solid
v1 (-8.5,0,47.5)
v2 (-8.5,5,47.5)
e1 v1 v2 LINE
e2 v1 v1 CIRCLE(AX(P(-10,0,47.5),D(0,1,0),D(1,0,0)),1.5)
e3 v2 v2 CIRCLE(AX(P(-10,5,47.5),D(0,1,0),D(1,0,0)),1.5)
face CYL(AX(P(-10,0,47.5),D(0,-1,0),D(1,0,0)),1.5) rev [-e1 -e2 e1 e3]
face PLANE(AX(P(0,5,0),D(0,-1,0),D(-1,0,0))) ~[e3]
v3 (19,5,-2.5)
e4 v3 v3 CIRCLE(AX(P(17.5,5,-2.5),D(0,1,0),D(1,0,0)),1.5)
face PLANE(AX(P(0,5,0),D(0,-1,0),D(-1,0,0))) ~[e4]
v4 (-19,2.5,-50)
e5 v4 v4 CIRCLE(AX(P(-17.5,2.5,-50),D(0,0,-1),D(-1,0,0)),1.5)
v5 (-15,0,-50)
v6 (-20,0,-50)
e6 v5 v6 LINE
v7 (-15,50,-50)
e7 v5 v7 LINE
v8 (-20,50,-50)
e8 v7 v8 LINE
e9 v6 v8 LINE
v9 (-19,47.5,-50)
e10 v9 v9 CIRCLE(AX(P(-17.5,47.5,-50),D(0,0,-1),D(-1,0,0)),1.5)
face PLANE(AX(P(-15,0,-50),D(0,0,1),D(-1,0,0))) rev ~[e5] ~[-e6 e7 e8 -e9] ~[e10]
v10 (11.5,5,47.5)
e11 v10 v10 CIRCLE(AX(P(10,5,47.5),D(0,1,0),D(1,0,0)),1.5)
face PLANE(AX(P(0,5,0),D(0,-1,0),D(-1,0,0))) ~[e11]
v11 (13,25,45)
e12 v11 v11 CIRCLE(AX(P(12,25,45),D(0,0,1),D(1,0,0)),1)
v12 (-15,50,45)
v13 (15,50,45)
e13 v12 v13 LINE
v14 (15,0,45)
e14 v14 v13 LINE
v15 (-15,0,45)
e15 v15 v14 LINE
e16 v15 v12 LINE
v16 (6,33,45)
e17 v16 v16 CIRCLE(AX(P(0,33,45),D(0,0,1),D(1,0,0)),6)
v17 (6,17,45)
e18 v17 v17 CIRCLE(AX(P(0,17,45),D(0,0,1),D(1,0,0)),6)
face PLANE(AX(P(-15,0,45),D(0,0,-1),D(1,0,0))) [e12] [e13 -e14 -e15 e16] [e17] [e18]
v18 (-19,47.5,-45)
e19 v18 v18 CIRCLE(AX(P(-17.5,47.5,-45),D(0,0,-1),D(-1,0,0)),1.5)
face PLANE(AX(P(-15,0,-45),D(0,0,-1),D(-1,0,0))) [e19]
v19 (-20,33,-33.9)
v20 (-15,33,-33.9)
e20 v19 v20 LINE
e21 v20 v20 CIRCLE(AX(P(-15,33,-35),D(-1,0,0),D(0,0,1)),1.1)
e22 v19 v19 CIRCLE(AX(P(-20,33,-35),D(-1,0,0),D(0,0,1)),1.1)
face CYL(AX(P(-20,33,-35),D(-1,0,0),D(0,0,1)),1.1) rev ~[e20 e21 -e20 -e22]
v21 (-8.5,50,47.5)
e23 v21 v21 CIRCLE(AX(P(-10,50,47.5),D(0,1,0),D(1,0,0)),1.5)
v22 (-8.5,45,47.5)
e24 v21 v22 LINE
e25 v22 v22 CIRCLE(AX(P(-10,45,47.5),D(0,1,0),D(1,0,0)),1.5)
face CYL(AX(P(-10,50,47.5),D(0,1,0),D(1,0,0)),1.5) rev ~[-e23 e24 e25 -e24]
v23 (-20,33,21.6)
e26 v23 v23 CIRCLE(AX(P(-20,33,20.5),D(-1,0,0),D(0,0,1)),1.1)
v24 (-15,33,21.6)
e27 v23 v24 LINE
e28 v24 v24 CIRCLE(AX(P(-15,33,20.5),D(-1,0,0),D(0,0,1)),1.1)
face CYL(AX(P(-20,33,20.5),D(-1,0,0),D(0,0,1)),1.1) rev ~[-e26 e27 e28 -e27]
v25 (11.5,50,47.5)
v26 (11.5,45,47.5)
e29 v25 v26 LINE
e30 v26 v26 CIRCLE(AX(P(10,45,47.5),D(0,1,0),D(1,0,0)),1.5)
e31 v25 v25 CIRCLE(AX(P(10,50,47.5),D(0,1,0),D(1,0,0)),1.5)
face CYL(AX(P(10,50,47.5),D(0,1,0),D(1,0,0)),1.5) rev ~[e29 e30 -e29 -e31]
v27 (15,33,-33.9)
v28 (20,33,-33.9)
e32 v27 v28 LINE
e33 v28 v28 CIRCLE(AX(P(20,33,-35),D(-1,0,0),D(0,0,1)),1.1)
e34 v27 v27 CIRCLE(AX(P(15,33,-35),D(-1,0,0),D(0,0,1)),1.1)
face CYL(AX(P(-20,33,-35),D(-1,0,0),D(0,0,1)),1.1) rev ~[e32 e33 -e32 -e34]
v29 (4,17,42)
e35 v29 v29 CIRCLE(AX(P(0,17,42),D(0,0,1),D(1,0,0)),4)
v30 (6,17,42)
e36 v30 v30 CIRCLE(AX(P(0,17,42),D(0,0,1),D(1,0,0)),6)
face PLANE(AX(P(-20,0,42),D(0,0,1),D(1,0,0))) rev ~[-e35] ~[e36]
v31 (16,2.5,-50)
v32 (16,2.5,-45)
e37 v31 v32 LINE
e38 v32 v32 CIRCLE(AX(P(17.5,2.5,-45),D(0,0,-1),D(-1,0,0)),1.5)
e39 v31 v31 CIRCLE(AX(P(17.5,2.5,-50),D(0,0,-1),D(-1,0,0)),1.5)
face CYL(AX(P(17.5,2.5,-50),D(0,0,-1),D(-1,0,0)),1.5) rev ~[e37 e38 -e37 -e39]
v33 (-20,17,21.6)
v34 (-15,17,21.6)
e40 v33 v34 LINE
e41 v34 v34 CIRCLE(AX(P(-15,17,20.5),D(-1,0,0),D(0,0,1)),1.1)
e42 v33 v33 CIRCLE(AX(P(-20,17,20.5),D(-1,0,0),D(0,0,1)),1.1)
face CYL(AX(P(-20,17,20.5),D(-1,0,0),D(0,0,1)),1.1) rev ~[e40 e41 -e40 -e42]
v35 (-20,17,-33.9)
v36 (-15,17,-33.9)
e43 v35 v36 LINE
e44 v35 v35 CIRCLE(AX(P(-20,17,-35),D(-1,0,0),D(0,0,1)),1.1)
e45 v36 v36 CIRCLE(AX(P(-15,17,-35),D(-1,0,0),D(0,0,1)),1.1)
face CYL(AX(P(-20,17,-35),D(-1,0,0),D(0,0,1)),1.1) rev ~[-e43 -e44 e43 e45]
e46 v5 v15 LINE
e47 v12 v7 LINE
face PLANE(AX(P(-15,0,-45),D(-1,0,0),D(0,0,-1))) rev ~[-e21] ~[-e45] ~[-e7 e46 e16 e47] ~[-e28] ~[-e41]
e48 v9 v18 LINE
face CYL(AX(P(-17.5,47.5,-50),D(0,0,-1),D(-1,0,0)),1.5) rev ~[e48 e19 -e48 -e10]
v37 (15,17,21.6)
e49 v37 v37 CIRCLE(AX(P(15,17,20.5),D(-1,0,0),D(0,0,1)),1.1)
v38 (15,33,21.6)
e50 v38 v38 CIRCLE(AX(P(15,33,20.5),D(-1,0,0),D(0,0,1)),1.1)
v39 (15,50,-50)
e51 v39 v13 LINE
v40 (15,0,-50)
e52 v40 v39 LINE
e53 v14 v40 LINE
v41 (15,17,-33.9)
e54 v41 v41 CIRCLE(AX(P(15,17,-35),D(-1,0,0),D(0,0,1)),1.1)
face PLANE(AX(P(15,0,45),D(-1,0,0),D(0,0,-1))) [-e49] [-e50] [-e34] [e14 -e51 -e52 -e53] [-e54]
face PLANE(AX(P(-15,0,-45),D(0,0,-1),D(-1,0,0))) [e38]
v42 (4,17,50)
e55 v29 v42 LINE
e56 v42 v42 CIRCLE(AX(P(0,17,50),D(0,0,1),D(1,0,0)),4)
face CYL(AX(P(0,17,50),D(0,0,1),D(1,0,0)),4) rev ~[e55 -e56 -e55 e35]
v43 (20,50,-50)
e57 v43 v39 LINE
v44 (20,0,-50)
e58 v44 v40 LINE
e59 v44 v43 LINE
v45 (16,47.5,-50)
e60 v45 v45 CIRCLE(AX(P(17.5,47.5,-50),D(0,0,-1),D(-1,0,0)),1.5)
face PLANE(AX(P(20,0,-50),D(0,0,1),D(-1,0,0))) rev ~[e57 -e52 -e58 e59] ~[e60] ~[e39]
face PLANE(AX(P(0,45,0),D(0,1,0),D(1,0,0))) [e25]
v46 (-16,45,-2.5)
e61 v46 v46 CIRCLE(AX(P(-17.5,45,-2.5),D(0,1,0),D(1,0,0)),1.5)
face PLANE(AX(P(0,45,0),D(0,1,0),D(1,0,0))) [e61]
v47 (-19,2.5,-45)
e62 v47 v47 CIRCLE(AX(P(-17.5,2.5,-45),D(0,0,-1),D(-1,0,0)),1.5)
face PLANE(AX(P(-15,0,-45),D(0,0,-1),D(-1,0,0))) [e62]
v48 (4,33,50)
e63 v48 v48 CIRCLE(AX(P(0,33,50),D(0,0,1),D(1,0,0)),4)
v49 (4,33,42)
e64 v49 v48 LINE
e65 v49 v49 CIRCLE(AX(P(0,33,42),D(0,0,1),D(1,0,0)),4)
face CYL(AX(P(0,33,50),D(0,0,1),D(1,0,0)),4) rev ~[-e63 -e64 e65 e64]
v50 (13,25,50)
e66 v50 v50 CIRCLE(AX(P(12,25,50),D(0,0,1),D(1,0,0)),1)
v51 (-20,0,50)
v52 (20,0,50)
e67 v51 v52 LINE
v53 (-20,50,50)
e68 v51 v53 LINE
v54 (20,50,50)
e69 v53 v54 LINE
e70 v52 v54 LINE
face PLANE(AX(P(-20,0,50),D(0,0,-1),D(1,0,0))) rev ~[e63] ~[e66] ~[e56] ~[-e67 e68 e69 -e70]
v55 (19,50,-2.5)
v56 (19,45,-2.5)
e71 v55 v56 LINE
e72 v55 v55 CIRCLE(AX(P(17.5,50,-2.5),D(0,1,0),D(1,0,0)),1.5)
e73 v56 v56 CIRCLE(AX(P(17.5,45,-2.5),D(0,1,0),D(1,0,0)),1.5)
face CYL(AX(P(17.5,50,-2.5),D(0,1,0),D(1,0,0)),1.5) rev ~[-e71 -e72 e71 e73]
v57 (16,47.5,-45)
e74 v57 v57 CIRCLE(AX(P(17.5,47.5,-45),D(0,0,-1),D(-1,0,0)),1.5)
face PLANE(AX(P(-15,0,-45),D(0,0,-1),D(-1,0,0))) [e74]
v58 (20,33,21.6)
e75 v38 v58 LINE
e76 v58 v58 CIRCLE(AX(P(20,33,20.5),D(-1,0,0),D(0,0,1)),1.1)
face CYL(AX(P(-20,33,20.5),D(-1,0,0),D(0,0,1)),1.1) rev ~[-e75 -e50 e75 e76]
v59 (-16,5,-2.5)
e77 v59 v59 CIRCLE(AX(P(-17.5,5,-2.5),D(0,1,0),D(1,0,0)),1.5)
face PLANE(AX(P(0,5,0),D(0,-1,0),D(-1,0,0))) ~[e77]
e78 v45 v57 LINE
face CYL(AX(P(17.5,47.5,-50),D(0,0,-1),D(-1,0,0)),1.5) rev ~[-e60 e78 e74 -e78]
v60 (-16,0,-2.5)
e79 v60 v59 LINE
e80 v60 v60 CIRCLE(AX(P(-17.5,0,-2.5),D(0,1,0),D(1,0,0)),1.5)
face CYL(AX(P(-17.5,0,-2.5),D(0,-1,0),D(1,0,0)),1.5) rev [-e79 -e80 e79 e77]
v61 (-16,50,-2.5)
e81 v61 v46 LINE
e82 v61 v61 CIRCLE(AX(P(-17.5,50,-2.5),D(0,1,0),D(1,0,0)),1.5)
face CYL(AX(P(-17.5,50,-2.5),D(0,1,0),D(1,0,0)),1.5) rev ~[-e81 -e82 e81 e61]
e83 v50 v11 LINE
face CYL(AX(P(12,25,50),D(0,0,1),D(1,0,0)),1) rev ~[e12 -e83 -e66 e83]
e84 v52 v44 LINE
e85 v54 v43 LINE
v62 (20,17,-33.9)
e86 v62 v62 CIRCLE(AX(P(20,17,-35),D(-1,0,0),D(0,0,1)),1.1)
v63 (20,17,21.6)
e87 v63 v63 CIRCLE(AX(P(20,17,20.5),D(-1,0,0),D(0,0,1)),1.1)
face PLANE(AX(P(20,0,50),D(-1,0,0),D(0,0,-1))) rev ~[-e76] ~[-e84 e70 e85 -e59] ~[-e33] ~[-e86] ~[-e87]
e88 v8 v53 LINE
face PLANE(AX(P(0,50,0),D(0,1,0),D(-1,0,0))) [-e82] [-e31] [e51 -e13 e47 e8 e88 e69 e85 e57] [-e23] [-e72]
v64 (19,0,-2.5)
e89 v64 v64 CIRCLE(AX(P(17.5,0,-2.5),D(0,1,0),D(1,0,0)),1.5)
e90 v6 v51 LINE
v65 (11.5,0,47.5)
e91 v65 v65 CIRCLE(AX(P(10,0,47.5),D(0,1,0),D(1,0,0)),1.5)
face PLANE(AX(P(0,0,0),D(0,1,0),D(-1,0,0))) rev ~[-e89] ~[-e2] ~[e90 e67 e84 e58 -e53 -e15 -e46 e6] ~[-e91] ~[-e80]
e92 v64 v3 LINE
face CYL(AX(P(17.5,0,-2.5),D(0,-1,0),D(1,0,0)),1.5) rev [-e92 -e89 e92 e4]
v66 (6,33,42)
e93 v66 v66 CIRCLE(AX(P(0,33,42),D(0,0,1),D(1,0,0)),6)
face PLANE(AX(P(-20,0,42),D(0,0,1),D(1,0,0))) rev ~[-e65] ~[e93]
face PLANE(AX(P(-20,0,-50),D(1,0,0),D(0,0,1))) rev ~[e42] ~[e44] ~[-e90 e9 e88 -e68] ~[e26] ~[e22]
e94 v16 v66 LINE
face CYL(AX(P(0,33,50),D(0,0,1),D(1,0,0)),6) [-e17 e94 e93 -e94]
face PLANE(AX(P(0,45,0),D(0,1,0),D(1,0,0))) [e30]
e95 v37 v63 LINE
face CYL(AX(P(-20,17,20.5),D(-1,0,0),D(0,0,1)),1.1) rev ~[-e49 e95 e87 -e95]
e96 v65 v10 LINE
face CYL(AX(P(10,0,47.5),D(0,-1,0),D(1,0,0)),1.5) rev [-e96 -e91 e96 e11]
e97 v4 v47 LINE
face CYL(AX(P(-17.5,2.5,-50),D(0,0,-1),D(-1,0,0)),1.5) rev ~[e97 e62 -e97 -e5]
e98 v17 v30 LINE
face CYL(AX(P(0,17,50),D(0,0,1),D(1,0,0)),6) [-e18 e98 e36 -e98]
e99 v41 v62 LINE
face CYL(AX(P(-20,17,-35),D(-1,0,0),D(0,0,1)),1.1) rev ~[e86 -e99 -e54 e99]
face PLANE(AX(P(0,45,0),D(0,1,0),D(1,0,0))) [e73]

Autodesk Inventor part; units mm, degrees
ref_plane "YZ Plane" through (0, 0, 0) normal (1, 0, 0) x (0, 1, 0)
ref_plane "XY Plane" through (0, 0, 0) normal (0, 0, 1) x (1, 0, 0)
sketch "Sketch1" plane through (0, 0, 0) normal (0, 1, 0) x (-1, 0, 0)
  line L0 (20, 50) -> (-20, 50)
  line L1 (-20, 50) -> (-20, -50)
  line L2 (-20, -50) -> (20, -50)
  line L3 (20, -50) -> (20, 50)
  line L4 (15, 45) -> (-15, 45)
  line L5 (-15, 45) -> (-15, -45)
  line L6 (-15, -45) -> (15, -45)
  line L7 (15, -45) -> (15, 45)
  line L8 (15, -45) -> (15, -50)
  line L9 (-15, -45) -> (-15, -50)
  point P0 (0, 0)
  dimension "d0" = 40
  dimension "d1" = 100
  dimension "d2" = 20
  dimension "d3" = 50
  dimension "d4" = 5
extrude "Extrusion1" add sketch "Sketch1" along normal blind 50 contours L3 L2 L8 L7 L4 L5 L9 L1 L0
sketch "Sketch2" plane through (-20, 0, 50) normal (0, 0, 1) x (1, 0, 0)
  circle A0 centre (20, 33) radius 4
  circle A1 centre (20, 17) radius 4
  circle A2 centre (32, 25) radius 1
  line L0 (0, 0) -> (40, 0) projected
  line L1 (40, 0) -> (40, 50) projected
  point P0 (20, 0)
  point P1 (20, 0)
  point P2 (20, 0)
  dimension "d7" = 8
  dimension "d8" = 8
  dimension "d9" = 2
  dimension "d10" = 0
  dimension "d11" = 0
  dimension "d12" = 8
  dimension "d13" = 25
  dimension "d14" = 16
  dimension "d15" = 8
extrude "Extrusion2" cut sketch "Sketch2" against normal up to surface (5 mm away)
sketch "Sketch3" plane through (-20, 0, 50) normal (0, 0, 1) x (1, 0, 0)
  circle A0 centre (20, 33) radius 4 projected
  circle A1 centre (20, 33) radius 6
  circle A2 centre (20, 17) radius 4 projected
  circle A3 centre (20, 17) radius 6
  point P0 (20, 0)
  dimension "d18" = 12
  dimension "d19" = 12
extrude "Extrusion3" add sketch "Sketch3" against normal blind 8
sketch "Sketch4" plane through (-15, 0, -50) normal (0, 0, -1) x (-1, 0, 0)
  circle A0 centre (2.5, 47.5) radius 1.5
  line L0 (5, 0) -> (5, 50) projected
  line L1 (0, 50) -> (5, 50) projected
  circle A1 centre (-32.5, 47.5) radius 1.5
  line L2 (-35, 50) -> (-30, 50) projected
  line L3 (-35, 0) -> (-35, 50) projected
  circle A2 centre (-32.5, 2.5) radius 1.5
  circle A3 centre (2.5, 2.5) radius 1.5
  line L4 (-35, 0) -> (-30, 0) projected
  line L5 (0, 0) -> (5, 0) projected
  point P0 (-15, 0)
  point P1 (-32.5, 50)
  dimension "d22" = 3
  dimension "d23" = 2.5
  dimension "d24" = 2.5
  dimension "d25" = 3
  dimension "d26" = 2.5
  dimension "d27" = 2.5
  dimension "d28" = 3
  dimension "d29" = 3
  dimension "d30" = 2.5
  dimension "d31" = 2.5
  dimension "d32" = 2.5
  dimension "d33" = 2.5
extrude "Extrusion4" cut sketch "Sketch4" against normal blind 5
sketch "Sketch5" plane through (-20, 0, -50) normal (-1, 0, 0) x (0, 0, 1)
  circle A0 centre (15, 33) radius 1.1
  circle A1 centre (70.5, 33) radius 1.1
  circle A2 centre (15, 17) radius 1.1
  circle A3 centre (70.5, 17) radius 1.1
  line L0 (0, 0) -> (0, 50) projected
  line L1 (0, 0) -> (100, 0) projected
  point P0 (50, 0)
  dimension "d36" = 2.2
  dimension "d37" = 2.2
  dimension "d38" = 2.2
  dimension "d39" = 2.2
  dimension "d40" = 55.5
  dimension "d41" = 0
  dimension "d42" = 55.5
  dimension "d43" = 16
  dimension "d44" = 16
  dimension "d45" = 0
  dimension "d46" = 15
  dimension "d47" = 17
extrude "Extrusion5" cut sketch "Sketch5" against normal through all
sketch "Sketch6" plane through (0, 50, 0) normal (0, 1, 0) x (1, 0, 0)
  circle A0 centre (10, -47.5) radius 1.5
  circle A1 centre (-10, -47.5) radius 1.5
  line L0 (-20, -50) -> (20, -50) projected
  circle A2 centre (17.5, 2.5) radius 1.5
  line L1 (20, -50) -> (20, 50) projected
  circle A3 centre (-17.5, 2.5) radius 1.5
  line L2 (-20, 50) -> (-20, -50) projected
  line L3 (20, 50) -> (15, 50) projected
  line L4 (-15, 50) -> (-20, 50) projected
  point P0 (0, 0)
  point P1 (0, -50)
  point P2 (0, -50)
  dimension "d50" = 3
  dimension "d51" = 3
  dimension "d52" = 2.5
  dimension "d53" = 2.5
  dimension "d54" = 10
  dimension "d55" = 10
  dimension "d56" = 3
  dimension "d57" = 2.5
  dimension "d58" = 3
  dimension "d59" = 2.5
  dimension "d60" = 47.5
  dimension "d61" = 47.5
extrude "Extrusion6" cut sketch "Sketch6" against normal blind 5
ref_plane "Work Plane1" through (0, 25, 0) normal (0, 1, 0) x (-1, 0, 0)
mirror "Mirror1" about plane through (0, 25, 0) normal (0, 1, 0) of "Extrusion6"
equation "\"d2\" = 0.5 * d0"
equation "\"d3\" = 0.5 * d1"
properties part number "Handle_Main_Body" material "ABS Plastic"
